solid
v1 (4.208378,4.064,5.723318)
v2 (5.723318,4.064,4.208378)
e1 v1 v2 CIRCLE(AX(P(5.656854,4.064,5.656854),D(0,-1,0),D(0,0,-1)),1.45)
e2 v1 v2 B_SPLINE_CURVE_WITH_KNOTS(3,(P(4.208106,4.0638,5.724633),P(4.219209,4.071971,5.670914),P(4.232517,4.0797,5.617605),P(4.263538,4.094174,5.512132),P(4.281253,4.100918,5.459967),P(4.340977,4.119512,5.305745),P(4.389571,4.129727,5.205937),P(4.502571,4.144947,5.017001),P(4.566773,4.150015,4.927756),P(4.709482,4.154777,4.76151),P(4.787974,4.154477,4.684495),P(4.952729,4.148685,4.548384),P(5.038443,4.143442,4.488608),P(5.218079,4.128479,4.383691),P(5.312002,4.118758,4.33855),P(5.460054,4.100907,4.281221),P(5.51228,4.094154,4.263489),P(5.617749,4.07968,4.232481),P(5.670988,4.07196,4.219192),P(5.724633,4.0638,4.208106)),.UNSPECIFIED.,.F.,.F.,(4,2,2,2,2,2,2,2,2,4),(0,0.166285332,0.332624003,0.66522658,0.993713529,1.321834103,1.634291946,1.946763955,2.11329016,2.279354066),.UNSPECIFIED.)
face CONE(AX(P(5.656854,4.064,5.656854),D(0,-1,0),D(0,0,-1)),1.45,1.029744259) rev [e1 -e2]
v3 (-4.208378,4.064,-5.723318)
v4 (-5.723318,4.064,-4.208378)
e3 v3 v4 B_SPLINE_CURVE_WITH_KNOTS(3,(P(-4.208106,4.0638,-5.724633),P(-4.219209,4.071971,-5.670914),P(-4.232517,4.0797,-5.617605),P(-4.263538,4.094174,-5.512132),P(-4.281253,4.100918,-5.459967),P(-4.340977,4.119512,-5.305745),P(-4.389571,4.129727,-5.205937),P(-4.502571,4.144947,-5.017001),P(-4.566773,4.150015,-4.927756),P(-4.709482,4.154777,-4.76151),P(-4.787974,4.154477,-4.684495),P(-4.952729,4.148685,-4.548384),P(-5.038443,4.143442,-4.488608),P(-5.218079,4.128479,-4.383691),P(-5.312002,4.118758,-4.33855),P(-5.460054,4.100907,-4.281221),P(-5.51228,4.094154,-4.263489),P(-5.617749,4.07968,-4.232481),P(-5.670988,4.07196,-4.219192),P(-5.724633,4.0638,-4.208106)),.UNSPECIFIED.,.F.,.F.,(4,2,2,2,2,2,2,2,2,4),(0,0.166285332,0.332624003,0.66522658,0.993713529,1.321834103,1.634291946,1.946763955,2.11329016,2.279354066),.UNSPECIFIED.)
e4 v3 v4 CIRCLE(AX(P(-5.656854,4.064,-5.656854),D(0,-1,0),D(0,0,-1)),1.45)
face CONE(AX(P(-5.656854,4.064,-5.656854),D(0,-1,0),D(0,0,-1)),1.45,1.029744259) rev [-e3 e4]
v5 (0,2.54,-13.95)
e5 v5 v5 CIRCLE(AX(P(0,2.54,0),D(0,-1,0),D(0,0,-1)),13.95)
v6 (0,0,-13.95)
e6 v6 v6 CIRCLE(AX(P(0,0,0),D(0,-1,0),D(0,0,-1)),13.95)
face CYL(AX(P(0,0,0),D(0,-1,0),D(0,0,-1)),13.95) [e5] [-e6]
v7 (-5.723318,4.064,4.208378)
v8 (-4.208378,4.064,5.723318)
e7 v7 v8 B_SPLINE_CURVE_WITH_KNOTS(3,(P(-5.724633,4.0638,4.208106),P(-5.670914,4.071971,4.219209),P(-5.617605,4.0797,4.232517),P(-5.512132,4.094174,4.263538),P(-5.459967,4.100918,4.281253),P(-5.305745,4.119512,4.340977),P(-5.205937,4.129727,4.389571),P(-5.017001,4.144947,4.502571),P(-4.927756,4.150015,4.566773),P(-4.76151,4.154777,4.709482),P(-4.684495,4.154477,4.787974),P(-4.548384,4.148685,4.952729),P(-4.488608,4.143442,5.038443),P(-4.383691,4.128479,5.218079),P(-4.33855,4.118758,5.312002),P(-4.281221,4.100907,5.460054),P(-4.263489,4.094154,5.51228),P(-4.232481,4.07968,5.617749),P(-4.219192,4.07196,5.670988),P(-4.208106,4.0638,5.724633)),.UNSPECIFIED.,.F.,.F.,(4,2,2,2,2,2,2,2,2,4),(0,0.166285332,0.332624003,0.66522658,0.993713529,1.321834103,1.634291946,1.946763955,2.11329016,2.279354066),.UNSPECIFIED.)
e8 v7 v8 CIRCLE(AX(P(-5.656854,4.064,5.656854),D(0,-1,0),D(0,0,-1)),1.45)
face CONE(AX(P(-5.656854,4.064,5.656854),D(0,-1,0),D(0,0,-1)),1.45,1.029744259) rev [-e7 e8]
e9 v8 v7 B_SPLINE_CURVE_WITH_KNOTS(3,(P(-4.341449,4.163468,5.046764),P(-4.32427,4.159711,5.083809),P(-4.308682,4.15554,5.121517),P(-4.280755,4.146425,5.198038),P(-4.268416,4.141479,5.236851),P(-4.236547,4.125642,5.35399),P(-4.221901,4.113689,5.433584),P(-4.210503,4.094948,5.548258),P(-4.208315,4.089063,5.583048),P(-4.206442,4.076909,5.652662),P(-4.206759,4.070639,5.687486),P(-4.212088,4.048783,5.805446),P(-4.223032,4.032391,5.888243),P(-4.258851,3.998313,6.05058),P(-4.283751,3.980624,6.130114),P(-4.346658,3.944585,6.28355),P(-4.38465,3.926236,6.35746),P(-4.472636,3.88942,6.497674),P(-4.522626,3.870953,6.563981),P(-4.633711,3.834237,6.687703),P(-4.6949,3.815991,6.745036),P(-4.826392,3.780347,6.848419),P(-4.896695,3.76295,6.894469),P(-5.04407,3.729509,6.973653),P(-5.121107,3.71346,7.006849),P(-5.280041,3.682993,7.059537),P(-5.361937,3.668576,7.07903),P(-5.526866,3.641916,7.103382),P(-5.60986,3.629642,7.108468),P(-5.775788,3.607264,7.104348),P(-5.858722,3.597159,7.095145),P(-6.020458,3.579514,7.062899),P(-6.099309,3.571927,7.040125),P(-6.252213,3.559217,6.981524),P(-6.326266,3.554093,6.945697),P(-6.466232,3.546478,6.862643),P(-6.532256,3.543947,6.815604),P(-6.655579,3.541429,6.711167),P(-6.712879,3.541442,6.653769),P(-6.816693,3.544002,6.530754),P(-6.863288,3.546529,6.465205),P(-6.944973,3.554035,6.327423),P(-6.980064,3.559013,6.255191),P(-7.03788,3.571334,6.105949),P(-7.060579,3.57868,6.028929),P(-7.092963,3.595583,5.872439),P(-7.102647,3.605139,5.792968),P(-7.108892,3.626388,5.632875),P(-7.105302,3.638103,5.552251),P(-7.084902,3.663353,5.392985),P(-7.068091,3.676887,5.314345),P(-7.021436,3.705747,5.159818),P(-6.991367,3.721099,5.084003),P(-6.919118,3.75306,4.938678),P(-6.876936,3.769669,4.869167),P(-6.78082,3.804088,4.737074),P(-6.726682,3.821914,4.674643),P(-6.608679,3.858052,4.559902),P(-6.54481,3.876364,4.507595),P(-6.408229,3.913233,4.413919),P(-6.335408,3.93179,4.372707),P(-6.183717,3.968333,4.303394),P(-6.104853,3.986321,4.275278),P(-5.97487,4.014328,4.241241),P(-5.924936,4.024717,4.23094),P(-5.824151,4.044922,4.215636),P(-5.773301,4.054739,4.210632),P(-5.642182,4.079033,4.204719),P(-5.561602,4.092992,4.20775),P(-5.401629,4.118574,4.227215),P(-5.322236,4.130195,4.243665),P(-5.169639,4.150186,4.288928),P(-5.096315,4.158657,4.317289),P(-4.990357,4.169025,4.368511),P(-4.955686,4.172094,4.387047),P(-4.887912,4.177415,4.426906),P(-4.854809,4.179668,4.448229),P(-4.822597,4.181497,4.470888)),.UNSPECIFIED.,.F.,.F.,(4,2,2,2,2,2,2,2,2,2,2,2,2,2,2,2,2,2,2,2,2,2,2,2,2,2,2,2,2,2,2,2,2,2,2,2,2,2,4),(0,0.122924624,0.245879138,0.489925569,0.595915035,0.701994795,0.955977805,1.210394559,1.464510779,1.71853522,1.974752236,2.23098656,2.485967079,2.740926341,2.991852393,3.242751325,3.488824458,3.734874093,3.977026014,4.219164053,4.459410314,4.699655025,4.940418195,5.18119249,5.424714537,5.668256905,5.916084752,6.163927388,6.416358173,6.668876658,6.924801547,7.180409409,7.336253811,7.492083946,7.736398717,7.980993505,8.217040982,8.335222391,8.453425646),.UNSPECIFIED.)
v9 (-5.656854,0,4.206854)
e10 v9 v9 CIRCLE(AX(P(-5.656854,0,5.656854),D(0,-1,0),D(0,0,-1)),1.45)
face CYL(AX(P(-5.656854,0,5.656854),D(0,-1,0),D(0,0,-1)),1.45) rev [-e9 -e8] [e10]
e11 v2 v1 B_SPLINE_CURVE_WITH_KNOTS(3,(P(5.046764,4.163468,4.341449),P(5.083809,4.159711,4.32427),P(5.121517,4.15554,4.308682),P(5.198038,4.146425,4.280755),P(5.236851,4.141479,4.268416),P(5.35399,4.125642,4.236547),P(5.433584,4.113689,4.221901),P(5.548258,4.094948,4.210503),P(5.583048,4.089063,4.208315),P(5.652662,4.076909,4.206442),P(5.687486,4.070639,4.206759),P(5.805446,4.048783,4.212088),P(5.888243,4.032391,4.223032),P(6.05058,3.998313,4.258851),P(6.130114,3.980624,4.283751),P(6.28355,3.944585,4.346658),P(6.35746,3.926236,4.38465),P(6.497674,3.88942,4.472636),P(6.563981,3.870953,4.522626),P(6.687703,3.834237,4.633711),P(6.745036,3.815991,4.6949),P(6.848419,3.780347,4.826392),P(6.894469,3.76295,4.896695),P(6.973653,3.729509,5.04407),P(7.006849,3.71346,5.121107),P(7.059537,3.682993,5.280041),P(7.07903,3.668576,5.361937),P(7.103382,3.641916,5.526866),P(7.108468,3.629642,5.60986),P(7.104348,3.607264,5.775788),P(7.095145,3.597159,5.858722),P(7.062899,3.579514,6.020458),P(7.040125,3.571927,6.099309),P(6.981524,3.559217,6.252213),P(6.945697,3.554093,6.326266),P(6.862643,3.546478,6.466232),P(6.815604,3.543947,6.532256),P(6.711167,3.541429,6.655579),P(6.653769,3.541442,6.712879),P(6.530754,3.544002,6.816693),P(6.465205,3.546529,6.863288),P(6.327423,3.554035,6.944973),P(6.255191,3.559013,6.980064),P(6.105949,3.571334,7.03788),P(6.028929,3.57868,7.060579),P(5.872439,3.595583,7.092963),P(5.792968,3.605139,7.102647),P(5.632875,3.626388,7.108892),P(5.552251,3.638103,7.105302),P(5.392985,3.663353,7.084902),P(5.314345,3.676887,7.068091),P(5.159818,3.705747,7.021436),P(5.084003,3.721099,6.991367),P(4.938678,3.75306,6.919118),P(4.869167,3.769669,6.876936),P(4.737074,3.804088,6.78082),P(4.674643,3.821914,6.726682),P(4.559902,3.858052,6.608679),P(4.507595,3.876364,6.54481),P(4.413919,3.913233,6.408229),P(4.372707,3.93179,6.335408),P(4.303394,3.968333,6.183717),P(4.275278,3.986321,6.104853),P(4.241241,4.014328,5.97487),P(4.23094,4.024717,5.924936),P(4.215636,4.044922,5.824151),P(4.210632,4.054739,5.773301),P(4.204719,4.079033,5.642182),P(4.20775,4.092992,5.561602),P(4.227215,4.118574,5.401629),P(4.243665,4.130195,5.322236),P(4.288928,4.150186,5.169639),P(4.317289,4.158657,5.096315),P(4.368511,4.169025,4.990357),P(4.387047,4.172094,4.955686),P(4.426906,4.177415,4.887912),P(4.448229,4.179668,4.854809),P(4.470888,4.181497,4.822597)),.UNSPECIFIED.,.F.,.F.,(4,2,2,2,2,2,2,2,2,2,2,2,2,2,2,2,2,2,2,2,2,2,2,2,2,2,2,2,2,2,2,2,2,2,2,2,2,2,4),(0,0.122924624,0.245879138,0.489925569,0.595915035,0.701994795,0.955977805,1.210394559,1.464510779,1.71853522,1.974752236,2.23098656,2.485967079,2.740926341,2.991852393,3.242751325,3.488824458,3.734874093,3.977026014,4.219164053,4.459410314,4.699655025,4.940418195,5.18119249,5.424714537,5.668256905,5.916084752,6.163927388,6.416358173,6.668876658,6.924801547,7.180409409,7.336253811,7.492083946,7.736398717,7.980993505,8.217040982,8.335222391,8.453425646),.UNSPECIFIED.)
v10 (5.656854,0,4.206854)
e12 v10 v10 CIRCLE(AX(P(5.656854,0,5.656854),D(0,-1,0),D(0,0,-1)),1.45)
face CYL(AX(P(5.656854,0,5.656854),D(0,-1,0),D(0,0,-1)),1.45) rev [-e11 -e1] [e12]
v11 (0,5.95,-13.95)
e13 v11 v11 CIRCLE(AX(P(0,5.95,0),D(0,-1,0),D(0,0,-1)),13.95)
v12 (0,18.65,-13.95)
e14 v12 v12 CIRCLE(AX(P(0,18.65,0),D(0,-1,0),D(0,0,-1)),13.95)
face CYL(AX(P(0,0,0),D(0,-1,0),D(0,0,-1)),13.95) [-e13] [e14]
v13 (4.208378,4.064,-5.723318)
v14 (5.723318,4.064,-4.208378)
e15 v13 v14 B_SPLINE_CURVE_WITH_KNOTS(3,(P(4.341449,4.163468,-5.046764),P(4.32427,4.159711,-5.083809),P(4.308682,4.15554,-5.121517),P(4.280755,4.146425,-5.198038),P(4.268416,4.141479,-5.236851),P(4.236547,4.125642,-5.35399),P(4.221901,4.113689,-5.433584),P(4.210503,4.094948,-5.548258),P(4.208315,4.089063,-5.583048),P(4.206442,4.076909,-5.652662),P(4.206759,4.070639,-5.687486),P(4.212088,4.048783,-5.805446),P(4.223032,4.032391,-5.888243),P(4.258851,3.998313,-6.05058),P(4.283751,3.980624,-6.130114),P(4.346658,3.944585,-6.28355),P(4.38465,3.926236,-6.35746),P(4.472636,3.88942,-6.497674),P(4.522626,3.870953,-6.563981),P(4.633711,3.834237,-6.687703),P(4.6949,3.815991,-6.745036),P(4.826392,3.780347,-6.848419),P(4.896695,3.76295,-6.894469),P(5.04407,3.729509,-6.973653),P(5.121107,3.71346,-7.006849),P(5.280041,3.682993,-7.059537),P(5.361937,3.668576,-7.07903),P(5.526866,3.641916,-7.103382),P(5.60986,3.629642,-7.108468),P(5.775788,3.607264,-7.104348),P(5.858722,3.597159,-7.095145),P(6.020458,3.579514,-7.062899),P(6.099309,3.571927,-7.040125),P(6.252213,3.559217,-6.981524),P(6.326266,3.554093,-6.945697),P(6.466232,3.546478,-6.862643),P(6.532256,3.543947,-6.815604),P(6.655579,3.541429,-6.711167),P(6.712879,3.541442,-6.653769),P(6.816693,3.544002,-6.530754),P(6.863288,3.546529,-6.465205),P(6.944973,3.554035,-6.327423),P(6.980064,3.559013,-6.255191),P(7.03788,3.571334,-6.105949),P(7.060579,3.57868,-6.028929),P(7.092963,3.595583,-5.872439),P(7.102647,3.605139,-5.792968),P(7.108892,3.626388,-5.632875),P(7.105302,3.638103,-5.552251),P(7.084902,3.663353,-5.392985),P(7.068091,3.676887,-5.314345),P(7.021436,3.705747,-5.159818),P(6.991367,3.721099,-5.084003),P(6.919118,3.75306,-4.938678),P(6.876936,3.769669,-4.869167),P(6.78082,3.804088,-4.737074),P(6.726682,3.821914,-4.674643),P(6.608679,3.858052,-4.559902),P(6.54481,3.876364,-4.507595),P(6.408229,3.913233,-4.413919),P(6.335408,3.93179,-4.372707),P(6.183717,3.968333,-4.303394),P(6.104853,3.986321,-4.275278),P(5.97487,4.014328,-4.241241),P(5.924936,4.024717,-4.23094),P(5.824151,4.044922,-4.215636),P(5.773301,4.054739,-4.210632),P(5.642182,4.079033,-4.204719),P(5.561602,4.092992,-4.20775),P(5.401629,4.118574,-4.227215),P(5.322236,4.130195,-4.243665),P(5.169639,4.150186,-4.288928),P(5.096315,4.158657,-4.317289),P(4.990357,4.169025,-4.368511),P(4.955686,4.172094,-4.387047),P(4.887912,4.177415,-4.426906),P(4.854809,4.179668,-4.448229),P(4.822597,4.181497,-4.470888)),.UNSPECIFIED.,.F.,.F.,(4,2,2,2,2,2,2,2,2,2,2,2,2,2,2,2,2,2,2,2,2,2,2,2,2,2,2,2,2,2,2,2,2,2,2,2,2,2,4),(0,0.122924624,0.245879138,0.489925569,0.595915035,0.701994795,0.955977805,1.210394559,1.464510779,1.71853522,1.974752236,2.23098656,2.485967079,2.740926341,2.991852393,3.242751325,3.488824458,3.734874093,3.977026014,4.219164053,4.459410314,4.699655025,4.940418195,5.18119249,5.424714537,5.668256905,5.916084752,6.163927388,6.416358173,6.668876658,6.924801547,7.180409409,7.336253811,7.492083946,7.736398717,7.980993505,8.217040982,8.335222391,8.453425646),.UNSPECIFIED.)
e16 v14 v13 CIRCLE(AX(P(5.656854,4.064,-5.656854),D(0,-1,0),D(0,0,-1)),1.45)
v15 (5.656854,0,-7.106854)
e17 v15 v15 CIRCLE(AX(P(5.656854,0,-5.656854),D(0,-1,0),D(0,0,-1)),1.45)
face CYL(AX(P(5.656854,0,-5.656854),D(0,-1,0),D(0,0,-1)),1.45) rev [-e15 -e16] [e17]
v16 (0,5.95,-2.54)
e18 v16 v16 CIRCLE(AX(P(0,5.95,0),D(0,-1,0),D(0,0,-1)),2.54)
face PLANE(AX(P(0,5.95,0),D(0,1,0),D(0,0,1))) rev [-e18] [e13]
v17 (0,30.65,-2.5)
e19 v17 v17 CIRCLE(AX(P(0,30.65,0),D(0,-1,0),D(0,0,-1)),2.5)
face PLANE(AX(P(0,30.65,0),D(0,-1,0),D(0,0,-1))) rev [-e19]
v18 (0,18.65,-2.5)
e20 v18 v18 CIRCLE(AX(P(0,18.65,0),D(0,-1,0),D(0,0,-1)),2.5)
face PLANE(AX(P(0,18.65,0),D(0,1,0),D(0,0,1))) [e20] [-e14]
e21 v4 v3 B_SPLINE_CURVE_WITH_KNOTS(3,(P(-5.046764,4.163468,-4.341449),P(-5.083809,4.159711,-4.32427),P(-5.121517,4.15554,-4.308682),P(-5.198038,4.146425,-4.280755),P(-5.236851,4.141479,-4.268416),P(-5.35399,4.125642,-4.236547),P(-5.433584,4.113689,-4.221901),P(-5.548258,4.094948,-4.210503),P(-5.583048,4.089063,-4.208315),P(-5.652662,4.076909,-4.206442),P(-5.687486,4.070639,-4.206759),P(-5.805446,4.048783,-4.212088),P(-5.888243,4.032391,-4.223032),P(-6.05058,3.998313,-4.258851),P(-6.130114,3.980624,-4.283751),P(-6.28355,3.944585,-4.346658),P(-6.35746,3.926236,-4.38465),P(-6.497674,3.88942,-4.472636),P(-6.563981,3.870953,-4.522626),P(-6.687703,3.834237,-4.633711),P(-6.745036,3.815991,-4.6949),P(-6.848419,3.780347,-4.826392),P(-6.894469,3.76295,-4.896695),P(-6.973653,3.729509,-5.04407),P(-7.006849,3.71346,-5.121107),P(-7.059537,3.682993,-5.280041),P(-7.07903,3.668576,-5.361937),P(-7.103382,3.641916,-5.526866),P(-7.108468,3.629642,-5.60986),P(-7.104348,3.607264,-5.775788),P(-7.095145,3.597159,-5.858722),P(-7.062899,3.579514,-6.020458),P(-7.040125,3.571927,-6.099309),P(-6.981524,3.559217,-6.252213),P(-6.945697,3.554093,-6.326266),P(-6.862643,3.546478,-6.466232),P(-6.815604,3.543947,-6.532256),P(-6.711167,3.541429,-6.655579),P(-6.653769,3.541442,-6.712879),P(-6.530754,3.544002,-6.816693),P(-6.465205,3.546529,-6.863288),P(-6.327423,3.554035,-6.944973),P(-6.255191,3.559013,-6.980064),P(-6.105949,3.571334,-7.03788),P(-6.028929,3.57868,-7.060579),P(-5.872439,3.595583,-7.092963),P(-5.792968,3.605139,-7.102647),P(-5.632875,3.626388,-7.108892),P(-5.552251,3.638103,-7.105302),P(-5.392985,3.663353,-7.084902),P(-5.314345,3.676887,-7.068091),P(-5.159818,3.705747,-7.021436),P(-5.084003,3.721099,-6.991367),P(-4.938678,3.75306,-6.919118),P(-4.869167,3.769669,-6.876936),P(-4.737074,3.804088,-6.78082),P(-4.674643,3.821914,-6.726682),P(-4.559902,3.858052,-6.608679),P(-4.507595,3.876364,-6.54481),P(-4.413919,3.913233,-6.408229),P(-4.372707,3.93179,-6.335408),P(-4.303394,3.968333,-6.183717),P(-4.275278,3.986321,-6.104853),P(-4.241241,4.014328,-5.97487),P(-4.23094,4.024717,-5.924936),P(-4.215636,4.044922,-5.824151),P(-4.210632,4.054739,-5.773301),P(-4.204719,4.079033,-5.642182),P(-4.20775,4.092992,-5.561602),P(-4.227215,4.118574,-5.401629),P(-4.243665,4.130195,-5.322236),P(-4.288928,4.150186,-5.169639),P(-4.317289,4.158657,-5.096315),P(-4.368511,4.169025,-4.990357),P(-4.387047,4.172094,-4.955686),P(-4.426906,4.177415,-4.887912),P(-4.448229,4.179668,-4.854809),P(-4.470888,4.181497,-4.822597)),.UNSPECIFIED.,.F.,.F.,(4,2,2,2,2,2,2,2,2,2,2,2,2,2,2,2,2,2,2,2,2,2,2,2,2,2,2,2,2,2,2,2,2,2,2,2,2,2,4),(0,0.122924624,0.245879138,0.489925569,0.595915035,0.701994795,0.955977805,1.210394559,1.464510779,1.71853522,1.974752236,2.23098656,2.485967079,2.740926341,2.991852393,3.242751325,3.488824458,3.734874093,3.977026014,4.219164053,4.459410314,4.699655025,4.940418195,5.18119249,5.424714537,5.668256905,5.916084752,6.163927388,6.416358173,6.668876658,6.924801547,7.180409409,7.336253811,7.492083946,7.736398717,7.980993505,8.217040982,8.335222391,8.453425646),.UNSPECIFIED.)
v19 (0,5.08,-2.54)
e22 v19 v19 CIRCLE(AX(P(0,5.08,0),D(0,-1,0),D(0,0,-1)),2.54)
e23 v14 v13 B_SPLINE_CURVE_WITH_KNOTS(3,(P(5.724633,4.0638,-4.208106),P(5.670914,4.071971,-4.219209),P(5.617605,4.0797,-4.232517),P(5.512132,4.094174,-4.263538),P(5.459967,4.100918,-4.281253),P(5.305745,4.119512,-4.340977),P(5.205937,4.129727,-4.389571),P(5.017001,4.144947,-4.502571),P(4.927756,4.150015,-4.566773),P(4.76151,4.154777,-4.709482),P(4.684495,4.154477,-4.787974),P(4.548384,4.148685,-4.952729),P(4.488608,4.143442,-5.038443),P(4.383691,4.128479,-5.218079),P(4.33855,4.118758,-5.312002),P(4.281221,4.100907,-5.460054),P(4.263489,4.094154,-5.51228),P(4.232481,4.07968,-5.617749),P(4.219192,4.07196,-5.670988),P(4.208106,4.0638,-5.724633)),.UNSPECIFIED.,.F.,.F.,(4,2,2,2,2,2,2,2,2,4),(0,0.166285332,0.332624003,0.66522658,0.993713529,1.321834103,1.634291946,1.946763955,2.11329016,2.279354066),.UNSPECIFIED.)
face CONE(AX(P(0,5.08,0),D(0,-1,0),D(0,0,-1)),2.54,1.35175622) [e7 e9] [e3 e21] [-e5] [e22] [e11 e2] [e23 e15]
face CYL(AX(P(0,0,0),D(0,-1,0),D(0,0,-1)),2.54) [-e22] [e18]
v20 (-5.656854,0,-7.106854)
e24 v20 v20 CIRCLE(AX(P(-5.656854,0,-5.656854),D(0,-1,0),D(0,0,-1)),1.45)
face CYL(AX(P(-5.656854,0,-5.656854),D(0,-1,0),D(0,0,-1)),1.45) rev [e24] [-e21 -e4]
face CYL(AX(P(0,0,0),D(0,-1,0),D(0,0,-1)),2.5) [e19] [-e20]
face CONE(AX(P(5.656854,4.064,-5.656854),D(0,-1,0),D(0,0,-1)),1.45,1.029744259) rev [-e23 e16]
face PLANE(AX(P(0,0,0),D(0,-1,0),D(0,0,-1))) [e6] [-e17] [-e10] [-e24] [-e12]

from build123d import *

# Parameters (mm, degrees)
M3_5X0_6_TAPPED_HOLE1_D     = 2.9
M3_5X0_6_TAPPED_HOLE1_DEPTH = 4.064
M3_5X0_6_TAPPED_HOLE1_TIP   = 0.871247898


with BuildPart() as part:
    # Sketch1 → Revolve1 (revolve)
    with BuildSketch(Plane.XY, mode=Mode.PRIVATE) as revolve1_sk:
        Polygon((0, 30.65), (0, 0), (13.95, 0), (13.95, 2.54), (2.54, 5.08), (2.54, 5.95), (13.95, 5.95), (13.95, 18.65), (2.5, 18.65), (2.5, 30.65), align=None)
    revolve(revolve1_sk.sketch.rotate(Axis((0, 0, 0), (0, 1, 0)), 90), axis=Axis((0, 0, 0), (0, 1, 0)))

    # M3.5x0.6 Tapped Hole1
    with Locations(Plane(origin=(-5.656854249, 0, 5.656854249), x_dir=(0, 0, -1), z_dir=(0, -1, 0))):
        with Locations((0, 0), (0, 11.313708498), (11.313708498, 11.313708498), (11.313708498, 0)):
            Hole(M3_5X0_6_TAPPED_HOLE1_D / 2, depth=M3_5X0_6_TAPPED_HOLE1_DEPTH)
            with Locations((0, 0, -(M3_5X0_6_TAPPED_HOLE1_DEPTH + M3_5X0_6_TAPPED_HOLE1_TIP / 2))):  # 118° drill point
                Cone(0, M3_5X0_6_TAPPED_HOLE1_D / 2, M3_5X0_6_TAPPED_HOLE1_TIP, mode=Mode.SUBTRACT)


solid = part.part
